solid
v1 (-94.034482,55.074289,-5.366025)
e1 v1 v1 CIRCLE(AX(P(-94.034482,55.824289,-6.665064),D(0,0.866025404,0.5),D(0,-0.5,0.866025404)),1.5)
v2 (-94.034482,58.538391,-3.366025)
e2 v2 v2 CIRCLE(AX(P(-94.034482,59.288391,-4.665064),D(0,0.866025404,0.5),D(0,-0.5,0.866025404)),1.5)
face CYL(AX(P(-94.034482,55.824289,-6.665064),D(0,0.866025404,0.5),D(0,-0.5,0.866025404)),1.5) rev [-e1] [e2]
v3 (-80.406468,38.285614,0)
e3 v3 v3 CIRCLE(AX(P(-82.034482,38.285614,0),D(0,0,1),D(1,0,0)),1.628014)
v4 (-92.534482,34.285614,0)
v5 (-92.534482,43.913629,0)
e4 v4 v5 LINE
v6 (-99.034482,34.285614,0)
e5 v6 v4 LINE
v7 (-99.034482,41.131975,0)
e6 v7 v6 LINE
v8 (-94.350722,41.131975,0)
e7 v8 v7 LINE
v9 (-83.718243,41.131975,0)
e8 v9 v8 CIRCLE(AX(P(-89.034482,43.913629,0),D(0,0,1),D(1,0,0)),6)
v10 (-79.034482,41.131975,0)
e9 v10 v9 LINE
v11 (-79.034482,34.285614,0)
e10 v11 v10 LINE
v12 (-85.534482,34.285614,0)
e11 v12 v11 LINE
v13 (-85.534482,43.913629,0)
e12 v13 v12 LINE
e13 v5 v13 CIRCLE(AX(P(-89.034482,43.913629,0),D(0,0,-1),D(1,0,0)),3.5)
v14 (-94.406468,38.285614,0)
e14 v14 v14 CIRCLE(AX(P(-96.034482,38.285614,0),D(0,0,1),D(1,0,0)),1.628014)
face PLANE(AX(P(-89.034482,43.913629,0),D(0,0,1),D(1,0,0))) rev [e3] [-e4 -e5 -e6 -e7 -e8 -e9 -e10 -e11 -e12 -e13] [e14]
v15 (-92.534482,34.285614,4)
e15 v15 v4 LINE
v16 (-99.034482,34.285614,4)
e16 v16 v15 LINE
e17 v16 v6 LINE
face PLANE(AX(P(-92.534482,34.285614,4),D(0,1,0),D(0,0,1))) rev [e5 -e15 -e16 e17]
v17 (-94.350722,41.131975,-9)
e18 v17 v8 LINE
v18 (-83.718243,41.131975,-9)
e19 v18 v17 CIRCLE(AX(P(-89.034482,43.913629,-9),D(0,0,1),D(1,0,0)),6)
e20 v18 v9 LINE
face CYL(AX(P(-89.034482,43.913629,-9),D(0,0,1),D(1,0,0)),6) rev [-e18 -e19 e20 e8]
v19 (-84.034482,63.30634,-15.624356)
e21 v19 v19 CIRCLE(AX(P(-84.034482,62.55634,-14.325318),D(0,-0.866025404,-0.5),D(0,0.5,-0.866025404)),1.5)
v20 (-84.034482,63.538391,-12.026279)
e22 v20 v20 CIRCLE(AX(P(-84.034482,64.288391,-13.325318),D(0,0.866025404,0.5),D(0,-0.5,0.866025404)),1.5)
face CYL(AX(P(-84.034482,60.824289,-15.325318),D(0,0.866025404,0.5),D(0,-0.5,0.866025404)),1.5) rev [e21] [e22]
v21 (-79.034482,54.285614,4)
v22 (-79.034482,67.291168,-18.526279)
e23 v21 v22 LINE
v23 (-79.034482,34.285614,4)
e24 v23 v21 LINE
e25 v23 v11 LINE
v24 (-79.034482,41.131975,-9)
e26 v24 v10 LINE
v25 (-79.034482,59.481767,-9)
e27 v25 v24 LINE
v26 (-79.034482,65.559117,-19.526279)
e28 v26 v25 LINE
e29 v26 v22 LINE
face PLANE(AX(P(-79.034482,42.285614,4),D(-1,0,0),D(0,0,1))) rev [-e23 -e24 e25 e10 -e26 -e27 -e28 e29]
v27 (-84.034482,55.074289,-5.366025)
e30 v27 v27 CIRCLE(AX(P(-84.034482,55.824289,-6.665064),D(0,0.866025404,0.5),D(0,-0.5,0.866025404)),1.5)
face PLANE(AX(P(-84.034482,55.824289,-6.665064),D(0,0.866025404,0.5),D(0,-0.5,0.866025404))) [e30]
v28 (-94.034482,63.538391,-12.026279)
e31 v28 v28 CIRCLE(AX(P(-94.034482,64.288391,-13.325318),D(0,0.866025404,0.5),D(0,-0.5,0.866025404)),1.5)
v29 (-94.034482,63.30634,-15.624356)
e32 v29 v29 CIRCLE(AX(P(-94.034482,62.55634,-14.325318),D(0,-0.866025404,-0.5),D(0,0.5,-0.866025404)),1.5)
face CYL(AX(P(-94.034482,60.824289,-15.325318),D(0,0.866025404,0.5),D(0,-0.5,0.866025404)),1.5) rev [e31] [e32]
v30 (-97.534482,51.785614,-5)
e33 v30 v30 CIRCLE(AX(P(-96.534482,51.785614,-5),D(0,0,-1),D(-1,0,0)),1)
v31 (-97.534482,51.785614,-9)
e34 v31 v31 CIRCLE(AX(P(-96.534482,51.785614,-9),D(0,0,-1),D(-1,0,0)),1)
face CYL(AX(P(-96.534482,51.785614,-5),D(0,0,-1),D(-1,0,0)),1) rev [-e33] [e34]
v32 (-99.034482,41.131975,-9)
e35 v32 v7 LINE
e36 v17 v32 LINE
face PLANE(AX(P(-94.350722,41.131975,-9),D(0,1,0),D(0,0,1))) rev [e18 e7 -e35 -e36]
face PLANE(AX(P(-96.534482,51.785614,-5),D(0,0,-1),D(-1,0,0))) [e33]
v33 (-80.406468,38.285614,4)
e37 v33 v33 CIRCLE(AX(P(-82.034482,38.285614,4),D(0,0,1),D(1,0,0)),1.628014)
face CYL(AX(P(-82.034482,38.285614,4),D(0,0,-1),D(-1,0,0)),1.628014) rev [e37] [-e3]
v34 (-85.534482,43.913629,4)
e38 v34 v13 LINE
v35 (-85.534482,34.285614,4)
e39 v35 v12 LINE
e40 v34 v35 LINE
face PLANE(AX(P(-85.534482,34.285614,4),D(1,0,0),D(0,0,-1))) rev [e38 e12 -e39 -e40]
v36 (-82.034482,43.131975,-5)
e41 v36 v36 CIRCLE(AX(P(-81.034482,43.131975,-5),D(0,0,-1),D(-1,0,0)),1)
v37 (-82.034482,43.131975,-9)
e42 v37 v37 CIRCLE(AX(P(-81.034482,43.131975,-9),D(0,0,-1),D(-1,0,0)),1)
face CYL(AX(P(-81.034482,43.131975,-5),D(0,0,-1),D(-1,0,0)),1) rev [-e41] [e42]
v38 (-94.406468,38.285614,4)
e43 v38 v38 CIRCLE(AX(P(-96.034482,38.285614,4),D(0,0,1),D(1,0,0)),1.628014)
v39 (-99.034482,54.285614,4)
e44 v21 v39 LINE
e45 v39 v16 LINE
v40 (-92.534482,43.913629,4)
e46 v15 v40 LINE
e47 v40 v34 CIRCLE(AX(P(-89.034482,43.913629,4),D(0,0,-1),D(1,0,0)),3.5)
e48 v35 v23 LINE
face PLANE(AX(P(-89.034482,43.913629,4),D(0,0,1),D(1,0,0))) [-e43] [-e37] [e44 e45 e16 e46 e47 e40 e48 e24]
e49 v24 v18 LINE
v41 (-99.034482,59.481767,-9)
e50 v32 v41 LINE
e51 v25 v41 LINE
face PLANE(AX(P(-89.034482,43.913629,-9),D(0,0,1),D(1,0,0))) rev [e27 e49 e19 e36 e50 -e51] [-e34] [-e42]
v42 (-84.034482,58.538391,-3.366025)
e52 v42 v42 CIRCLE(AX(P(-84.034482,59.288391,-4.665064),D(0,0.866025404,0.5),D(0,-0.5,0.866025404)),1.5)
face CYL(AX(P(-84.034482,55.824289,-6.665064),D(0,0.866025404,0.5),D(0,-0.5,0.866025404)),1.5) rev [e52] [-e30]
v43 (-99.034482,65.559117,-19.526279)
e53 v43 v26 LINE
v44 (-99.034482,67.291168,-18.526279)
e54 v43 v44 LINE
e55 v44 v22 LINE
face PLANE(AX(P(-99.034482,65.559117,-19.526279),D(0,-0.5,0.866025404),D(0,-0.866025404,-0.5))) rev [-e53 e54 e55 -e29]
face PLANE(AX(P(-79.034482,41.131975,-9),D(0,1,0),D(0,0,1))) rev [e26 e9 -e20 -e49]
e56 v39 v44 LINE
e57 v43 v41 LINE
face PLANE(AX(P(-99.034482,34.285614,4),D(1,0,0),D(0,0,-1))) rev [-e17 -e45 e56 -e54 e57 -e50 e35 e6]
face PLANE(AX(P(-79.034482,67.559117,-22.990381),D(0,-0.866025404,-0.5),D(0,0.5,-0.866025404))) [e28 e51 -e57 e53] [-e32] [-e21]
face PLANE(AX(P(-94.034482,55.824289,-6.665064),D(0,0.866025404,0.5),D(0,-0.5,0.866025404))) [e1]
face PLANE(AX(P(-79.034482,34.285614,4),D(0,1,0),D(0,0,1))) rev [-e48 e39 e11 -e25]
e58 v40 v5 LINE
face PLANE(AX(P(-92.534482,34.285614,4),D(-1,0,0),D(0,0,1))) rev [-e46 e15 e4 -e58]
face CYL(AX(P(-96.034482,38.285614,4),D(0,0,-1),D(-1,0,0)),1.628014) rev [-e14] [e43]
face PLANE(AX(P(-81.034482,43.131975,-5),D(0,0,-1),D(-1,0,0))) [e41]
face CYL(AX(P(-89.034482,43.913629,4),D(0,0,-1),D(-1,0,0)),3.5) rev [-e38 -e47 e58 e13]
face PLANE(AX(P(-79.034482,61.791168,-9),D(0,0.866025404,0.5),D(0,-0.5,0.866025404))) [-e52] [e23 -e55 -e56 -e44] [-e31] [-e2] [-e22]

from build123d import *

# Parameters (mm, degrees)
CROQUIS1_R              = 1.628014373
SALIENTE_EXTRUIR1_DEPTH = 4
SALIENTE_EXTRUIR2_DEPTH = 9
CROQUIS10_R             = 1
CORTAR_EXTRUIR3_DEPTH   = 4
SALIENTE_EXTRUIR3_DEPTH = 20
SALIENTE_EXTRUIR4_DEPTH = 20
CROQUIS17_R             = 1.5
CORTAR_EXTRUIR6_DEPTH   = 4
CROQUIS19_W             = 20
CROQUIS19_H             = 4
CORTAR_EXTRUIR7_DEPTH   = 2


with BuildPart() as part:
    # Croquis1 → Saliente-Extruir1 (new body)
    with BuildSketch(Plane.XY):
        with BuildLine():
            Line((-79.034482165, 42.285614206), (-79.034482165, 34.285614206))
            Line((-79.034482165, 34.285614206), (-85.534482165, 34.285614206))
            Line((-85.534482165, 34.285614206), (-85.534482165, 43.91362858))
            ThreePointArc((-85.534482165, 43.91362858), (-89.034482165, 47.41362858), (-92.534482165, 43.91362858))
            Line((-92.534482165, 43.91362858), (-92.534482165, 34.285614206))
            Line((-92.534482165, 34.285614206), (-99.034482165, 34.285614206))
            Line((-99.034482165, 34.285614206), (-99.034482165, 42.285614206))
            Line((-99.034482165, 42.285614206), (-99.034482165, 54.285614206))
            Line((-99.034482165, 54.285614206), (-79.034482165, 54.285614206))
            Line((-79.034482165, 54.285614206), (-79.034482165, 42.285614206))
        make_face()
        with Locations((-96.034482165, 38.285614206)):
            Circle(CROQUIS1_R, mode=Mode.SUBTRACT)
        with Locations((-82.034482165, 38.285614206)):
            Circle(CROQUIS1_R, mode=Mode.SUBTRACT)
    extrude(amount=SALIENTE_EXTRUIR1_DEPTH)

    # Croquis2 → Saliente-Extruir2 (add)
    with BuildSketch(Plane(origin=(0, 0, 0), x_dir=(-1, 0, 0), z_dir=(0, 0, -1))):
        with BuildLine():
            Line((79.034482165, 41.131975098), (83.718242525, 41.131975098))
            ThreePointArc((83.718242525, 41.131975098), (89.034482165, 49.91362858), (94.350721805, 41.131975098))
            Line((94.350721805, 41.131975098), (99.034482165, 41.131975098))
            Line((99.034482165, 41.131975098), (99.034482165, 54.285614206))
            Line((99.034482165, 54.285614206), (79.034482165, 54.285614206))
            Line((79.034482165, 54.285614206), (79.034482165, 41.131975098))
        make_face()
    extrude(amount=SALIENTE_EXTRUIR2_DEPTH)

    # Croquis10 → Cortar-Extruir3 (cut)
    with BuildSketch(Plane(origin=(0, 0, -9), x_dir=(-1, 0, 0), z_dir=(0, 0, -1))):
        with Locations((96.534482165, 51.785614206)):
            Circle(CROQUIS10_R)
        with Locations((81.034482165, 43.131975098)):
            Circle(CROQUIS10_R)
    extrude(amount=-CORTAR_EXTRUIR3_DEPTH, mode=Mode.SUBTRACT)

    # Croquis11 → Saliente-Extruir3 (add)
    with BuildSketch(Plane.ZY.offset(99.034482165)):
        Polygon((-9, 54.285614206), (-9, 61.791167706), (4, 54.285614206), align=None)
    extrude(amount=-SALIENTE_EXTRUIR3_DEPTH)

    # Croquis16 → Saliente-Extruir4 (add)
    with BuildSketch(Plane.ZY.offset(99.034482165)):
        Polygon((-9, 61.791167706), (-21.990381057, 69.291167706), (-22.990381057, 67.559116898), (-9, 59.481766629), align=None)
    extrude(amount=-SALIENTE_EXTRUIR4_DEPTH)

    # Croquis17 → Cortar-Extruir6 (cut)
    with BuildSketch(Plane(origin=(0, 42.446261462, 24.506360481), x_dir=(1, 0, 0), z_dir=(0, 0.8660254037844418, 0.49999999999999484))):
        with Locations(Location((-84.034482165, 33.684258988, 0), (0, 0, 270))):
            Circle(CROQUIS17_R)
        with Locations(Location((-94.034482165, 33.684258988, 0), (0, 0, 270))):
            Circle(CROQUIS17_R)
        with Locations(Location((-94.034482165, 43.684258988, 0), (0, 0, 270))):
            Circle(CROQUIS17_R)
        with Locations(Location((-84.034482165, 43.684258988, 0), (0, 0, 270))):
            Circle(CROQUIS17_R)
    extrude(amount=-CORTAR_EXTRUIR6_DEPTH, mode=Mode.SUBTRACT)

    # Croquis19 → Cortar-Extruir7 (cut)
    with BuildSketch(Plane(origin=(0, 42.446261462, 24.506360481), x_dir=(1, 0, 0), z_dir=(0, 0.8660254037844418, 0.49999999999999484))):
        with Locations((-89.034482165, 51.689812487)):
            Rectangle(CROQUIS19_W, CROQUIS19_H)
    extrude(amount=-CORTAR_EXTRUIR7_DEPTH, mode=Mode.SUBTRACT)


solid = part.part
